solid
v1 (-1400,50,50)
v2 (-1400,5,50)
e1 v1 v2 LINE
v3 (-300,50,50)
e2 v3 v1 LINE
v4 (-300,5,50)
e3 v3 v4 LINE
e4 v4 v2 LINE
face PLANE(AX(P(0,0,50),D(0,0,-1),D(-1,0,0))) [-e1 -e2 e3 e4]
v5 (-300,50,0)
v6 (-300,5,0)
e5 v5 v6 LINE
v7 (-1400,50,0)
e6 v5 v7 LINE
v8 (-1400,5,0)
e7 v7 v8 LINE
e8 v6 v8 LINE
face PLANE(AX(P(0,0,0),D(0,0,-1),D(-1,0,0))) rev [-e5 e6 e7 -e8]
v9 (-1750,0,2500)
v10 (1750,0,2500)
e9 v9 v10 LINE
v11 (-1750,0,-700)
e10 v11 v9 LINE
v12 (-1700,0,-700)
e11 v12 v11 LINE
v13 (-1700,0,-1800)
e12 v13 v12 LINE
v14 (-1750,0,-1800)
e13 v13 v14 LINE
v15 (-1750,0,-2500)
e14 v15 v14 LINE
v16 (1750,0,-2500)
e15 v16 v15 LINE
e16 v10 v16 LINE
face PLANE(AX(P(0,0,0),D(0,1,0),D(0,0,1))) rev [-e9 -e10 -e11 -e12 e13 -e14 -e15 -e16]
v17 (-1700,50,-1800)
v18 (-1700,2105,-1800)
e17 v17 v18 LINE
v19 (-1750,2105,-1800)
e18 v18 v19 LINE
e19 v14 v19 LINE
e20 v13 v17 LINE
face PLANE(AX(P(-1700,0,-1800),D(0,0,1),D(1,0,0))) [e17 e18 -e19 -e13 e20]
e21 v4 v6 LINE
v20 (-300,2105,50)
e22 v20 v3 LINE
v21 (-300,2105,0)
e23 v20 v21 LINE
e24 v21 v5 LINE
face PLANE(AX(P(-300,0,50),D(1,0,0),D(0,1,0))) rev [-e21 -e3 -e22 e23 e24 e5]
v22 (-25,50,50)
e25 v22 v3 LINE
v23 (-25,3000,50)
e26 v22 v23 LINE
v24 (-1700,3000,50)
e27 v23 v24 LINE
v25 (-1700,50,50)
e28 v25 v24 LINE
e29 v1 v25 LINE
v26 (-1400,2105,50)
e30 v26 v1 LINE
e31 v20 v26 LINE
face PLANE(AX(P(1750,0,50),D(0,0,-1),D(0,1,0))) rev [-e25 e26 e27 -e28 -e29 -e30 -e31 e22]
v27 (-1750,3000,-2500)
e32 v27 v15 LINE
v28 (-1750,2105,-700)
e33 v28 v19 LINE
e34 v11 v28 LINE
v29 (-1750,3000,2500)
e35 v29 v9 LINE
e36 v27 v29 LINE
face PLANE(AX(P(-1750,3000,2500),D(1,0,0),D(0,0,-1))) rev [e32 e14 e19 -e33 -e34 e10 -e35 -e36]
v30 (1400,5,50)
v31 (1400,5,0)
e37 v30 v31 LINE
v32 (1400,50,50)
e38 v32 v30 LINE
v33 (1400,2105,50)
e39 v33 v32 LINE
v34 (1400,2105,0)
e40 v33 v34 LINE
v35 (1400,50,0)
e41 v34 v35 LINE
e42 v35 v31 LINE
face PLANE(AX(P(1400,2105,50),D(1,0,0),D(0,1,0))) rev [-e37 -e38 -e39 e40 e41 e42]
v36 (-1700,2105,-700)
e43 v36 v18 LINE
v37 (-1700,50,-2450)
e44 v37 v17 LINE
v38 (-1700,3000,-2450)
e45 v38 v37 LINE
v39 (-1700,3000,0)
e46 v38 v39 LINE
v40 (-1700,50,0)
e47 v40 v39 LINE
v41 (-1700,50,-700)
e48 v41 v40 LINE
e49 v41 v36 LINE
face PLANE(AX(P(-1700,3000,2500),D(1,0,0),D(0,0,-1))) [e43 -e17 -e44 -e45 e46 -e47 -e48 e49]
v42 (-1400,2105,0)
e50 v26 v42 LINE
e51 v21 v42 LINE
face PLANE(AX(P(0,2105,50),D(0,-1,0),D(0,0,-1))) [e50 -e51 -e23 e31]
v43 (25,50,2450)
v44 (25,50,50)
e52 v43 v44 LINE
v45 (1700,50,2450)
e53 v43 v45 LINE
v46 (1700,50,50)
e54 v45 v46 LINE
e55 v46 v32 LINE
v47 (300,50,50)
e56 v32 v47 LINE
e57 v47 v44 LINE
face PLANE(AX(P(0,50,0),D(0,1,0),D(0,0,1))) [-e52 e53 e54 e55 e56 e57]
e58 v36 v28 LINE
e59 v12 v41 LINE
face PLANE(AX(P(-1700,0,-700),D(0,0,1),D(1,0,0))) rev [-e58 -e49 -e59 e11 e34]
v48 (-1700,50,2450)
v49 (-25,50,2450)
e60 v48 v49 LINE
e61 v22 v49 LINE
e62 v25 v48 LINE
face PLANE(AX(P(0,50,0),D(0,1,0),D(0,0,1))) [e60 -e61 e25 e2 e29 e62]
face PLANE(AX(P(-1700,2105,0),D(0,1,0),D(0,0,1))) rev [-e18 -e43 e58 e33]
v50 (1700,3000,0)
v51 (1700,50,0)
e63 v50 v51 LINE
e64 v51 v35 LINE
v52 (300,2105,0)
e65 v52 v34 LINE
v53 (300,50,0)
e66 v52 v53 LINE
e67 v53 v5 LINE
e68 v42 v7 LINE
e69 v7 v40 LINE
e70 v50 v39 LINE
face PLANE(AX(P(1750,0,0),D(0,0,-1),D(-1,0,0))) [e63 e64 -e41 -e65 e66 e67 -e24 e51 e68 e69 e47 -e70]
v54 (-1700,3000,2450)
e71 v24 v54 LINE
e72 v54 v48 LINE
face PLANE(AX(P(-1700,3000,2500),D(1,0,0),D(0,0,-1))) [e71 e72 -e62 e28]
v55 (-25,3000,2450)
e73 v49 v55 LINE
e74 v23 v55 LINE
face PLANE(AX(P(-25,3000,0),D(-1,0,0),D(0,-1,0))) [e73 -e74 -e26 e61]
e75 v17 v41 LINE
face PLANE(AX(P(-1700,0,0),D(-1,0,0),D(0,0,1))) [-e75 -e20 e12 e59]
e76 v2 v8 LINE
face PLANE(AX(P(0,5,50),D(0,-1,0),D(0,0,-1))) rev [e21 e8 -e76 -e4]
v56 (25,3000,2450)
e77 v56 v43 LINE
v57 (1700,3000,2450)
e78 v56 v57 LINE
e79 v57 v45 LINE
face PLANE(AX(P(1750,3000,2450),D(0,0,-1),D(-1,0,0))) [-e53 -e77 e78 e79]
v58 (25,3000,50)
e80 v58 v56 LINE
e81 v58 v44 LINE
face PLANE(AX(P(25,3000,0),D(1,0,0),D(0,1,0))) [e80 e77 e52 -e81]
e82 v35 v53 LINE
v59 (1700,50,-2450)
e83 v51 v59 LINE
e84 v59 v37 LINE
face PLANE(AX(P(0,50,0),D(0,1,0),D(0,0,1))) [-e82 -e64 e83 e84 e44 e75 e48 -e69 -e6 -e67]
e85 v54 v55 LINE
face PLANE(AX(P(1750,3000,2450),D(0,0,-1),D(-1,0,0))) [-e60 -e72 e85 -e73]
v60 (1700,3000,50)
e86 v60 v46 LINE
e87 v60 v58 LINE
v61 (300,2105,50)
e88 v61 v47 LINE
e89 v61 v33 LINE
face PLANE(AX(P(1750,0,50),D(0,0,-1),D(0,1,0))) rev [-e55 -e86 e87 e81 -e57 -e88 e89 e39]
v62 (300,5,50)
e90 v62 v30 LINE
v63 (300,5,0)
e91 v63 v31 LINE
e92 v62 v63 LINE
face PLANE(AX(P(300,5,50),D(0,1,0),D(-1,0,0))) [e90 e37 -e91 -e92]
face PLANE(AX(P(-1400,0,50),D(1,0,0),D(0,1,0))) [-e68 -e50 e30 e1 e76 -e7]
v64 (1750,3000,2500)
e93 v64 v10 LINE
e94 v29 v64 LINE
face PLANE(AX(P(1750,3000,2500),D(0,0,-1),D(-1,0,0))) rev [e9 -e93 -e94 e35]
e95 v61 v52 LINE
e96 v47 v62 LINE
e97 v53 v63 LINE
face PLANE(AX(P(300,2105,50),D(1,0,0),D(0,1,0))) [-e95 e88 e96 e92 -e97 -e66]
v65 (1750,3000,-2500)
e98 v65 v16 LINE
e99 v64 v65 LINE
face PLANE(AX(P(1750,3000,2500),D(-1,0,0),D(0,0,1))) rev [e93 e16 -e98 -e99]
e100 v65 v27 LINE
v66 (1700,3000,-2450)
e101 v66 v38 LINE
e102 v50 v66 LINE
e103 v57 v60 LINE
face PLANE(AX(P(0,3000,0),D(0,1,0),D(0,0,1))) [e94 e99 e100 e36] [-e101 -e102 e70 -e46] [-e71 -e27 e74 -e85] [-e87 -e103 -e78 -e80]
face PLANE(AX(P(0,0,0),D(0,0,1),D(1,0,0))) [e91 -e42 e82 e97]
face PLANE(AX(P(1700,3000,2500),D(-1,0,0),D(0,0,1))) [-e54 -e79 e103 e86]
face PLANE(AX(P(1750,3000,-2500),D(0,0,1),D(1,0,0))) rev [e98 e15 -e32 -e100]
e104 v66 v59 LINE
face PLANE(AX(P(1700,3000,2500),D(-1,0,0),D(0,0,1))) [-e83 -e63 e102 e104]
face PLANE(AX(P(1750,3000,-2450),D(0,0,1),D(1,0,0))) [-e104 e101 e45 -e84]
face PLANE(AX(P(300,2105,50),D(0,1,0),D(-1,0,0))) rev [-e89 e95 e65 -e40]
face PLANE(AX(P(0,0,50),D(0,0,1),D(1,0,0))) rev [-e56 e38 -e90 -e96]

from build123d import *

# Parameters (mm, degrees)
SKETCH2_W           = 3500
SKETCH2_H           = 5000
BOSS_EXTRUDE1_DEPTH = 3000
SHELL1_T            = -50
SKETCH3_W           = 1100
SKETCH3_H           = 2105
CUT_EXTRUDE1_DEPTH  = 50
SKETCH4_W           = 50
SKETCH4_H           = 3000
BOSS_EXTRUDE2_DEPTH = 3500
SKETCH6_W           = 50
SKETCH6_H           = 3000
BOSS_EXTRUDE3_DEPTH = 2500
SKETCH7_W           = 1100
SKETCH7_H           = 2055
SKETCH7_H_2         = 45
SKETCH7_H_3         = 2100
CUT_EXTRUDE5_DEPTH  = 50


with BuildPart() as part:
    # Sketch2 → Boss-Extrude1 (new body)
    with BuildSketch(Plane(origin=(0, 0, 0), x_dir=(1, 0, 0), z_dir=(0, 1, 0))):
        Rectangle(SKETCH2_W, SKETCH2_H)
    extrude(amount=BOSS_EXTRUDE1_DEPTH)

    # Shell1
    shell1_openings = [part.faces().sort_by_distance(p)[0] for p in [
        (0, 3000, 0),
    ]]
    offset(amount=SHELL1_T, openings=shell1_openings, kind=Kind.INTERSECTION)

    # Sketch3 → Cut-Extrude1 (cut)
    with BuildSketch(Plane.ZY.offset(1750)):
        with Locations((-1250, 1052.5)):
            Rectangle(SKETCH3_W, SKETCH3_H)
    extrude(amount=-CUT_EXTRUDE1_DEPTH, mode=Mode.SUBTRACT)

    # Sketch4 → Boss-Extrude2 (add)
    with BuildSketch(Plane.ZY.offset(1750)):
        with Locations((25, 1500)):
            Rectangle(SKETCH4_W, SKETCH4_H)
    extrude(amount=-BOSS_EXTRUDE2_DEPTH)

    # Sketch6 → Boss-Extrude3 (add)
    with BuildSketch(Plane.XY.offset(2500)):
        with Locations((0, 1500)):
            Rectangle(SKETCH6_W, SKETCH6_H)
    extrude(amount=-BOSS_EXTRUDE3_DEPTH)

    # Sketch7 → Cut-Extrude5 (cut)
    with BuildSketch(Plane(origin=(0, 0, 0), x_dir=(-1, 0, 0), z_dir=(0, 0, -1))):
        with Locations((850, 1077.5)):
            Rectangle(SKETCH7_W, SKETCH7_H)
        with Locations((850, 27.5)):
            Rectangle(SKETCH7_W, SKETCH7_H_2)
        with Locations((-850, 1055)):
            Rectangle(SKETCH7_W, SKETCH7_H_3)
    extrude(amount=-CUT_EXTRUDE5_DEPTH, mode=Mode.SUBTRACT)


solid = part.part
